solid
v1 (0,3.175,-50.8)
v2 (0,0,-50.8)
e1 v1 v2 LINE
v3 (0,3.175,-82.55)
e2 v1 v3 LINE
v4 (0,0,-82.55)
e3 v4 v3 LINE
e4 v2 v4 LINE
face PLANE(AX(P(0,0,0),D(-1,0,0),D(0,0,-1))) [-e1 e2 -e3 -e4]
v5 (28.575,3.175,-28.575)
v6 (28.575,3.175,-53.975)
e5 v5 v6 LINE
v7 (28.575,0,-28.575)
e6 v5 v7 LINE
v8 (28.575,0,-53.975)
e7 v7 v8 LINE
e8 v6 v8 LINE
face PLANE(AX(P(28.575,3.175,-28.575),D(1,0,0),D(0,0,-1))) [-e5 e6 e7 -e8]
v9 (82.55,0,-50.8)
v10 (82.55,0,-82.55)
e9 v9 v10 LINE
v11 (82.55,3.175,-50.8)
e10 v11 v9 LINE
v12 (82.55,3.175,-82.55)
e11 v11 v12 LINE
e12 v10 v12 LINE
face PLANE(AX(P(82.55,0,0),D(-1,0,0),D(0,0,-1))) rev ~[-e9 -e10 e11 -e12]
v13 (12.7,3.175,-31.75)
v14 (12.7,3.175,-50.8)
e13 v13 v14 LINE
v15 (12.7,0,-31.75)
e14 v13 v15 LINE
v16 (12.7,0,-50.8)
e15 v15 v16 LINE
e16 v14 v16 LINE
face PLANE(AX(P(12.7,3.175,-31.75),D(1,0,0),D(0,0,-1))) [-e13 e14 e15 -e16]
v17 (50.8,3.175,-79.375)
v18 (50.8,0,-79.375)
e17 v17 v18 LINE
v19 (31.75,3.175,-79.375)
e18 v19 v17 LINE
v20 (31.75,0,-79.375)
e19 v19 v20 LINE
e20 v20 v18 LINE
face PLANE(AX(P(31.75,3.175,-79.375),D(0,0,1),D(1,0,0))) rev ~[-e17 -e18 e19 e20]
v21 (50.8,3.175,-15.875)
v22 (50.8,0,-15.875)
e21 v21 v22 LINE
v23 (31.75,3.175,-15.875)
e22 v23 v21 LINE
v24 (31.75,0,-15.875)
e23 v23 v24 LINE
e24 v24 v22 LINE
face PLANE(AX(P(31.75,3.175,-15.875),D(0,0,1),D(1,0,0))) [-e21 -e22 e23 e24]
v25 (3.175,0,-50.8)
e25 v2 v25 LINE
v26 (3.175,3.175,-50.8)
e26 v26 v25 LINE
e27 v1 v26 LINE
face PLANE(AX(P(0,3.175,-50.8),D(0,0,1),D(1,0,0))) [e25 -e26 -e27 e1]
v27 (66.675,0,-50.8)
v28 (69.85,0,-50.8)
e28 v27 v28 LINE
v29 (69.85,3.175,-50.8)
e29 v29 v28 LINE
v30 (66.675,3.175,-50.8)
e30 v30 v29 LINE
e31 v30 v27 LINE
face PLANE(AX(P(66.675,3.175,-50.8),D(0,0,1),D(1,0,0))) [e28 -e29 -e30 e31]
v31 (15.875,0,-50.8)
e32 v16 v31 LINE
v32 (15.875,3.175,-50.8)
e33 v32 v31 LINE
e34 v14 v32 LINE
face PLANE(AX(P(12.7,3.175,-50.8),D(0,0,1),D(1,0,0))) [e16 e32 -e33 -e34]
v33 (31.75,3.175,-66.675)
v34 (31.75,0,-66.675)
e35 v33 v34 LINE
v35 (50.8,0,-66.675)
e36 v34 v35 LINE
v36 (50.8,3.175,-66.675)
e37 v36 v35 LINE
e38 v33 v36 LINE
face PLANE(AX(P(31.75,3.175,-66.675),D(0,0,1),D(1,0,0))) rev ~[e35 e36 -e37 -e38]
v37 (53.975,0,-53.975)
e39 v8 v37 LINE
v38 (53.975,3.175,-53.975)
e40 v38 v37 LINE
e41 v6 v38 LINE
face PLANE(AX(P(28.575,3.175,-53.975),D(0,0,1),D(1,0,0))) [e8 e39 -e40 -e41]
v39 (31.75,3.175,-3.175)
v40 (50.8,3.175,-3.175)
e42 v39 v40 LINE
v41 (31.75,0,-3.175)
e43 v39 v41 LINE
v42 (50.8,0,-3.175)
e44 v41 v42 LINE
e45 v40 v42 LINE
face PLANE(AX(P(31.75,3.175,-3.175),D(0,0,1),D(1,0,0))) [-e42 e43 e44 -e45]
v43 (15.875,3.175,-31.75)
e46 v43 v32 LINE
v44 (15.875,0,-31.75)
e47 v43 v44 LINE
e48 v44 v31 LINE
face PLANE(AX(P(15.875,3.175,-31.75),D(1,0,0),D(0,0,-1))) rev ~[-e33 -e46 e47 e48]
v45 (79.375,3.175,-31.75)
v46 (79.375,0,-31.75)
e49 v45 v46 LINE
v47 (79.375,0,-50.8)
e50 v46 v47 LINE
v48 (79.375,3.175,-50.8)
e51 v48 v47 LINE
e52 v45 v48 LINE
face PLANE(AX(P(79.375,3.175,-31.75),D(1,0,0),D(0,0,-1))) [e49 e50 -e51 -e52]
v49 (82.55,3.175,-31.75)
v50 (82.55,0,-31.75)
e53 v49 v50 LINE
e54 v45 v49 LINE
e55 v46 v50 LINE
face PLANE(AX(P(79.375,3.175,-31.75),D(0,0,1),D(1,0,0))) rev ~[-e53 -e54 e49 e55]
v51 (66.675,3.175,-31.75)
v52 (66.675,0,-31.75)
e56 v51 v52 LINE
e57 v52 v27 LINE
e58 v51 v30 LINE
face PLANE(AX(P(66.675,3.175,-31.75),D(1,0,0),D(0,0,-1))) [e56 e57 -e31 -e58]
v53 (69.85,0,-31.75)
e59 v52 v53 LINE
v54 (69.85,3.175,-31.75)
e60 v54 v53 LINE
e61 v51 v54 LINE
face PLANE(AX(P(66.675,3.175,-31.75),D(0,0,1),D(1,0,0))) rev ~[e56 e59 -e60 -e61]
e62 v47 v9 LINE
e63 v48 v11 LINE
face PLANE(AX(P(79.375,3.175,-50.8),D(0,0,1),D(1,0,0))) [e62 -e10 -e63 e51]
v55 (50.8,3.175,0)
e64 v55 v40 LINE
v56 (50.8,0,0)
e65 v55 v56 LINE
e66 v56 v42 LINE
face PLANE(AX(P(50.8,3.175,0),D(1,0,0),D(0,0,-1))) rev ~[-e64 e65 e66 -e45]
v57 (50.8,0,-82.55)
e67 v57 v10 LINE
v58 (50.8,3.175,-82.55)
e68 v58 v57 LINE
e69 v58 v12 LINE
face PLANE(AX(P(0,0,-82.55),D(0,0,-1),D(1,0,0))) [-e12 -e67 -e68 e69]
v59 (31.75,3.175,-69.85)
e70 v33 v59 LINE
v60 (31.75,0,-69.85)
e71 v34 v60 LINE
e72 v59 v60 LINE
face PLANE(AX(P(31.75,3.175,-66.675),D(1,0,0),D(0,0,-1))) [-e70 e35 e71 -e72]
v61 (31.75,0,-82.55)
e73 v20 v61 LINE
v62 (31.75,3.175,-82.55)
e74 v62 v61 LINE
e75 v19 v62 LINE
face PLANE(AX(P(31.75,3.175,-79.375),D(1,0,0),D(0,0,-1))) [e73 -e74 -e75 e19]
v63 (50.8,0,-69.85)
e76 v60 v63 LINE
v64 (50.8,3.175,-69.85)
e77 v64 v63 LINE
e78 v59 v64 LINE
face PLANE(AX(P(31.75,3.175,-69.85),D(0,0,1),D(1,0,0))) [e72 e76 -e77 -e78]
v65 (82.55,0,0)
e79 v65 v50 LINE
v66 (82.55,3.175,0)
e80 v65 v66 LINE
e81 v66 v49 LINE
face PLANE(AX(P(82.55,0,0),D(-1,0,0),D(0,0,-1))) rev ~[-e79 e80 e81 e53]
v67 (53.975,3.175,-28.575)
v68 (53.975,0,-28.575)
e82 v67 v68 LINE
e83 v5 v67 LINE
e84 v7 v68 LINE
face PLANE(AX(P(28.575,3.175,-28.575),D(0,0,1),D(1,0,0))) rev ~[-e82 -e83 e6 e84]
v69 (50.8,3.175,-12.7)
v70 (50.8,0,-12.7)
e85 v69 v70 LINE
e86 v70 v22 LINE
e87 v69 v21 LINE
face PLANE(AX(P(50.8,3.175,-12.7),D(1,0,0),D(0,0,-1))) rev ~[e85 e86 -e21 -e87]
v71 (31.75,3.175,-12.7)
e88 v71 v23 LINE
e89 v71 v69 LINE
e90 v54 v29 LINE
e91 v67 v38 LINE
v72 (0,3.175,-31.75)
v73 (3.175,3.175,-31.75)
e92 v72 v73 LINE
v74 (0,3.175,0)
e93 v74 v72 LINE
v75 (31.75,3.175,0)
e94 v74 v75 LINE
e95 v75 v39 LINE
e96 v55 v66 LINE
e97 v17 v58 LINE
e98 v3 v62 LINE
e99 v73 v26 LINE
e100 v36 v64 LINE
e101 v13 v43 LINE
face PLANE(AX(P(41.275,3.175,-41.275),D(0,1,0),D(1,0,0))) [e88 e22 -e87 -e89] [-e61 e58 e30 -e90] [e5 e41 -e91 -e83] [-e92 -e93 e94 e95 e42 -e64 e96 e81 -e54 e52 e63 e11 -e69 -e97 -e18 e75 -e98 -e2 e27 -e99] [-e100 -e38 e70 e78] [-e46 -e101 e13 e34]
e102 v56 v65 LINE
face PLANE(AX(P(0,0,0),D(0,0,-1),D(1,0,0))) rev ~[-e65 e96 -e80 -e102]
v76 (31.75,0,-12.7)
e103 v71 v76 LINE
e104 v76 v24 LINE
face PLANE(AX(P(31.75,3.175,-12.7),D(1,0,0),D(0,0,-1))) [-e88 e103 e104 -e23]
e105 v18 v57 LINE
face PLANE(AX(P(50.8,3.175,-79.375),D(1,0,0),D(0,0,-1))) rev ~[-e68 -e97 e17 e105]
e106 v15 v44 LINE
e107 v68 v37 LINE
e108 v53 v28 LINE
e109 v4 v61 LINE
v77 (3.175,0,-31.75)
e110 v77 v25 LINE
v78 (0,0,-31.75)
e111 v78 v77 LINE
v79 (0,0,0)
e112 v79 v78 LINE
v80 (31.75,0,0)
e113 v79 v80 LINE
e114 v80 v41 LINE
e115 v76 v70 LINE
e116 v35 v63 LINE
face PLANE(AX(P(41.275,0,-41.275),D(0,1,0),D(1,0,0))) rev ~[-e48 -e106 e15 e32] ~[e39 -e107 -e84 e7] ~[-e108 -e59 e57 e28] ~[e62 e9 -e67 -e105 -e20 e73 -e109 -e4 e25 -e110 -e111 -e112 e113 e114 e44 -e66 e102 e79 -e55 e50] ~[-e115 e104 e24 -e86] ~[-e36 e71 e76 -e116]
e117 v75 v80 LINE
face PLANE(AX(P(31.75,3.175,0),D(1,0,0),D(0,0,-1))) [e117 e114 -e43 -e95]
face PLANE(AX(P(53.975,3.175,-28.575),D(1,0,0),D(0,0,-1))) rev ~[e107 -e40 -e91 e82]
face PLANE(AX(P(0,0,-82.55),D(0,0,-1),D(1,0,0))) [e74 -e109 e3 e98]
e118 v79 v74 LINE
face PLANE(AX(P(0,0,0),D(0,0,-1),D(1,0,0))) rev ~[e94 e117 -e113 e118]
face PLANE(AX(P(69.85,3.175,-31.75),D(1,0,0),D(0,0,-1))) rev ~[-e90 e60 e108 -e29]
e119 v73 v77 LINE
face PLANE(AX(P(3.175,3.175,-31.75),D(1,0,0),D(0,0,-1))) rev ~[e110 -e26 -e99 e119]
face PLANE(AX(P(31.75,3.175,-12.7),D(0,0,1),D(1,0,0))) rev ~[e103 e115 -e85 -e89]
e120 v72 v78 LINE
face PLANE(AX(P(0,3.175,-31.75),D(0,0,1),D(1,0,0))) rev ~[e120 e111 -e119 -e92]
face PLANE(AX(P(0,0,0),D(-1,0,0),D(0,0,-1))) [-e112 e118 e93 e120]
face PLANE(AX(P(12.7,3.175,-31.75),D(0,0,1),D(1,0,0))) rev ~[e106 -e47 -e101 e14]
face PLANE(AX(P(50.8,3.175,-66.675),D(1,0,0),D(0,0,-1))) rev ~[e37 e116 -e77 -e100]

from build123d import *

# Parameters (mm, degrees)
SKETCH1_W           = 82.55
SKETCH1_H           = 82.55
BOSS_EXTRUDE1_DEPTH = 3.175
SKETCH2_W           = 25.4
SKETCH2_H           = 25.4
SKETCH2_W_2         = 19.05
SKETCH2_H_2         = 3.175
SKETCH2_W_3         = 3.175
SKETCH2_H_3         = 19.05
CUT_EXTRUDE1_DEPTH  = 3.175
SKETCH3_W           = 19.05
SKETCH3_H           = 3.175
SKETCH3_W_2         = 3.175
SKETCH3_H_2         = 19.05
CUT_EXTRUDE2_DEPTH  = 3.175


with BuildPart() as part:
    # Sketch1 → Boss-Extrude1 (new body)
    with BuildSketch(Plane(origin=(0, 0, 0), x_dir=(1, 0, 0), z_dir=(0, 1, 0))):
        with Locations((41.275, 41.275)):
            Rectangle(SKETCH1_W, SKETCH1_H)
    extrude(amount=BOSS_EXTRUDE1_DEPTH)

    # Sketch2 → Cut-Extrude1 (cut)
    with BuildSketch(Plane(origin=(0, 3.175, 0), x_dir=(1, 0, 0), z_dir=(0, 1, 0))):
        with Locations((41.275, 41.275)):
            Rectangle(SKETCH2_W, SKETCH2_H)
        with Locations((41.275, 68.2625)):
            Rectangle(SKETCH2_W_2, SKETCH2_H_2)
        with Locations((14.2875, 41.275)):
            Rectangle(SKETCH2_W_3, SKETCH2_H_3)
        with Locations((68.2625, 41.275)):
            Rectangle(SKETCH2_W_3, SKETCH2_H_3)
        with Locations((41.275, 14.2875)):
            Rectangle(SKETCH2_W_2, SKETCH2_H_2)
    extrude(amount=-CUT_EXTRUDE1_DEPTH, mode=Mode.SUBTRACT)

    # Sketch3 → Cut-Extrude2 (cut)
    with BuildSketch(Plane(origin=(0, 3.175, 0), x_dir=(1, 0, 0), z_dir=(0, 1, 0))):
        with Locations((41.275, 80.9625)):
            Rectangle(SKETCH3_W, SKETCH3_H)
        with Locations((80.9625, 41.275)):
            Rectangle(SKETCH3_W_2, SKETCH3_H_2)
        with Locations((41.275, 1.5875)):
            Rectangle(SKETCH3_W, SKETCH3_H)
        with Locations((1.5875, 41.275)):
            Rectangle(SKETCH3_W_2, SKETCH3_H_2)
    extrude(amount=-CUT_EXTRUDE2_DEPTH, mode=Mode.SUBTRACT)


solid = part.part
